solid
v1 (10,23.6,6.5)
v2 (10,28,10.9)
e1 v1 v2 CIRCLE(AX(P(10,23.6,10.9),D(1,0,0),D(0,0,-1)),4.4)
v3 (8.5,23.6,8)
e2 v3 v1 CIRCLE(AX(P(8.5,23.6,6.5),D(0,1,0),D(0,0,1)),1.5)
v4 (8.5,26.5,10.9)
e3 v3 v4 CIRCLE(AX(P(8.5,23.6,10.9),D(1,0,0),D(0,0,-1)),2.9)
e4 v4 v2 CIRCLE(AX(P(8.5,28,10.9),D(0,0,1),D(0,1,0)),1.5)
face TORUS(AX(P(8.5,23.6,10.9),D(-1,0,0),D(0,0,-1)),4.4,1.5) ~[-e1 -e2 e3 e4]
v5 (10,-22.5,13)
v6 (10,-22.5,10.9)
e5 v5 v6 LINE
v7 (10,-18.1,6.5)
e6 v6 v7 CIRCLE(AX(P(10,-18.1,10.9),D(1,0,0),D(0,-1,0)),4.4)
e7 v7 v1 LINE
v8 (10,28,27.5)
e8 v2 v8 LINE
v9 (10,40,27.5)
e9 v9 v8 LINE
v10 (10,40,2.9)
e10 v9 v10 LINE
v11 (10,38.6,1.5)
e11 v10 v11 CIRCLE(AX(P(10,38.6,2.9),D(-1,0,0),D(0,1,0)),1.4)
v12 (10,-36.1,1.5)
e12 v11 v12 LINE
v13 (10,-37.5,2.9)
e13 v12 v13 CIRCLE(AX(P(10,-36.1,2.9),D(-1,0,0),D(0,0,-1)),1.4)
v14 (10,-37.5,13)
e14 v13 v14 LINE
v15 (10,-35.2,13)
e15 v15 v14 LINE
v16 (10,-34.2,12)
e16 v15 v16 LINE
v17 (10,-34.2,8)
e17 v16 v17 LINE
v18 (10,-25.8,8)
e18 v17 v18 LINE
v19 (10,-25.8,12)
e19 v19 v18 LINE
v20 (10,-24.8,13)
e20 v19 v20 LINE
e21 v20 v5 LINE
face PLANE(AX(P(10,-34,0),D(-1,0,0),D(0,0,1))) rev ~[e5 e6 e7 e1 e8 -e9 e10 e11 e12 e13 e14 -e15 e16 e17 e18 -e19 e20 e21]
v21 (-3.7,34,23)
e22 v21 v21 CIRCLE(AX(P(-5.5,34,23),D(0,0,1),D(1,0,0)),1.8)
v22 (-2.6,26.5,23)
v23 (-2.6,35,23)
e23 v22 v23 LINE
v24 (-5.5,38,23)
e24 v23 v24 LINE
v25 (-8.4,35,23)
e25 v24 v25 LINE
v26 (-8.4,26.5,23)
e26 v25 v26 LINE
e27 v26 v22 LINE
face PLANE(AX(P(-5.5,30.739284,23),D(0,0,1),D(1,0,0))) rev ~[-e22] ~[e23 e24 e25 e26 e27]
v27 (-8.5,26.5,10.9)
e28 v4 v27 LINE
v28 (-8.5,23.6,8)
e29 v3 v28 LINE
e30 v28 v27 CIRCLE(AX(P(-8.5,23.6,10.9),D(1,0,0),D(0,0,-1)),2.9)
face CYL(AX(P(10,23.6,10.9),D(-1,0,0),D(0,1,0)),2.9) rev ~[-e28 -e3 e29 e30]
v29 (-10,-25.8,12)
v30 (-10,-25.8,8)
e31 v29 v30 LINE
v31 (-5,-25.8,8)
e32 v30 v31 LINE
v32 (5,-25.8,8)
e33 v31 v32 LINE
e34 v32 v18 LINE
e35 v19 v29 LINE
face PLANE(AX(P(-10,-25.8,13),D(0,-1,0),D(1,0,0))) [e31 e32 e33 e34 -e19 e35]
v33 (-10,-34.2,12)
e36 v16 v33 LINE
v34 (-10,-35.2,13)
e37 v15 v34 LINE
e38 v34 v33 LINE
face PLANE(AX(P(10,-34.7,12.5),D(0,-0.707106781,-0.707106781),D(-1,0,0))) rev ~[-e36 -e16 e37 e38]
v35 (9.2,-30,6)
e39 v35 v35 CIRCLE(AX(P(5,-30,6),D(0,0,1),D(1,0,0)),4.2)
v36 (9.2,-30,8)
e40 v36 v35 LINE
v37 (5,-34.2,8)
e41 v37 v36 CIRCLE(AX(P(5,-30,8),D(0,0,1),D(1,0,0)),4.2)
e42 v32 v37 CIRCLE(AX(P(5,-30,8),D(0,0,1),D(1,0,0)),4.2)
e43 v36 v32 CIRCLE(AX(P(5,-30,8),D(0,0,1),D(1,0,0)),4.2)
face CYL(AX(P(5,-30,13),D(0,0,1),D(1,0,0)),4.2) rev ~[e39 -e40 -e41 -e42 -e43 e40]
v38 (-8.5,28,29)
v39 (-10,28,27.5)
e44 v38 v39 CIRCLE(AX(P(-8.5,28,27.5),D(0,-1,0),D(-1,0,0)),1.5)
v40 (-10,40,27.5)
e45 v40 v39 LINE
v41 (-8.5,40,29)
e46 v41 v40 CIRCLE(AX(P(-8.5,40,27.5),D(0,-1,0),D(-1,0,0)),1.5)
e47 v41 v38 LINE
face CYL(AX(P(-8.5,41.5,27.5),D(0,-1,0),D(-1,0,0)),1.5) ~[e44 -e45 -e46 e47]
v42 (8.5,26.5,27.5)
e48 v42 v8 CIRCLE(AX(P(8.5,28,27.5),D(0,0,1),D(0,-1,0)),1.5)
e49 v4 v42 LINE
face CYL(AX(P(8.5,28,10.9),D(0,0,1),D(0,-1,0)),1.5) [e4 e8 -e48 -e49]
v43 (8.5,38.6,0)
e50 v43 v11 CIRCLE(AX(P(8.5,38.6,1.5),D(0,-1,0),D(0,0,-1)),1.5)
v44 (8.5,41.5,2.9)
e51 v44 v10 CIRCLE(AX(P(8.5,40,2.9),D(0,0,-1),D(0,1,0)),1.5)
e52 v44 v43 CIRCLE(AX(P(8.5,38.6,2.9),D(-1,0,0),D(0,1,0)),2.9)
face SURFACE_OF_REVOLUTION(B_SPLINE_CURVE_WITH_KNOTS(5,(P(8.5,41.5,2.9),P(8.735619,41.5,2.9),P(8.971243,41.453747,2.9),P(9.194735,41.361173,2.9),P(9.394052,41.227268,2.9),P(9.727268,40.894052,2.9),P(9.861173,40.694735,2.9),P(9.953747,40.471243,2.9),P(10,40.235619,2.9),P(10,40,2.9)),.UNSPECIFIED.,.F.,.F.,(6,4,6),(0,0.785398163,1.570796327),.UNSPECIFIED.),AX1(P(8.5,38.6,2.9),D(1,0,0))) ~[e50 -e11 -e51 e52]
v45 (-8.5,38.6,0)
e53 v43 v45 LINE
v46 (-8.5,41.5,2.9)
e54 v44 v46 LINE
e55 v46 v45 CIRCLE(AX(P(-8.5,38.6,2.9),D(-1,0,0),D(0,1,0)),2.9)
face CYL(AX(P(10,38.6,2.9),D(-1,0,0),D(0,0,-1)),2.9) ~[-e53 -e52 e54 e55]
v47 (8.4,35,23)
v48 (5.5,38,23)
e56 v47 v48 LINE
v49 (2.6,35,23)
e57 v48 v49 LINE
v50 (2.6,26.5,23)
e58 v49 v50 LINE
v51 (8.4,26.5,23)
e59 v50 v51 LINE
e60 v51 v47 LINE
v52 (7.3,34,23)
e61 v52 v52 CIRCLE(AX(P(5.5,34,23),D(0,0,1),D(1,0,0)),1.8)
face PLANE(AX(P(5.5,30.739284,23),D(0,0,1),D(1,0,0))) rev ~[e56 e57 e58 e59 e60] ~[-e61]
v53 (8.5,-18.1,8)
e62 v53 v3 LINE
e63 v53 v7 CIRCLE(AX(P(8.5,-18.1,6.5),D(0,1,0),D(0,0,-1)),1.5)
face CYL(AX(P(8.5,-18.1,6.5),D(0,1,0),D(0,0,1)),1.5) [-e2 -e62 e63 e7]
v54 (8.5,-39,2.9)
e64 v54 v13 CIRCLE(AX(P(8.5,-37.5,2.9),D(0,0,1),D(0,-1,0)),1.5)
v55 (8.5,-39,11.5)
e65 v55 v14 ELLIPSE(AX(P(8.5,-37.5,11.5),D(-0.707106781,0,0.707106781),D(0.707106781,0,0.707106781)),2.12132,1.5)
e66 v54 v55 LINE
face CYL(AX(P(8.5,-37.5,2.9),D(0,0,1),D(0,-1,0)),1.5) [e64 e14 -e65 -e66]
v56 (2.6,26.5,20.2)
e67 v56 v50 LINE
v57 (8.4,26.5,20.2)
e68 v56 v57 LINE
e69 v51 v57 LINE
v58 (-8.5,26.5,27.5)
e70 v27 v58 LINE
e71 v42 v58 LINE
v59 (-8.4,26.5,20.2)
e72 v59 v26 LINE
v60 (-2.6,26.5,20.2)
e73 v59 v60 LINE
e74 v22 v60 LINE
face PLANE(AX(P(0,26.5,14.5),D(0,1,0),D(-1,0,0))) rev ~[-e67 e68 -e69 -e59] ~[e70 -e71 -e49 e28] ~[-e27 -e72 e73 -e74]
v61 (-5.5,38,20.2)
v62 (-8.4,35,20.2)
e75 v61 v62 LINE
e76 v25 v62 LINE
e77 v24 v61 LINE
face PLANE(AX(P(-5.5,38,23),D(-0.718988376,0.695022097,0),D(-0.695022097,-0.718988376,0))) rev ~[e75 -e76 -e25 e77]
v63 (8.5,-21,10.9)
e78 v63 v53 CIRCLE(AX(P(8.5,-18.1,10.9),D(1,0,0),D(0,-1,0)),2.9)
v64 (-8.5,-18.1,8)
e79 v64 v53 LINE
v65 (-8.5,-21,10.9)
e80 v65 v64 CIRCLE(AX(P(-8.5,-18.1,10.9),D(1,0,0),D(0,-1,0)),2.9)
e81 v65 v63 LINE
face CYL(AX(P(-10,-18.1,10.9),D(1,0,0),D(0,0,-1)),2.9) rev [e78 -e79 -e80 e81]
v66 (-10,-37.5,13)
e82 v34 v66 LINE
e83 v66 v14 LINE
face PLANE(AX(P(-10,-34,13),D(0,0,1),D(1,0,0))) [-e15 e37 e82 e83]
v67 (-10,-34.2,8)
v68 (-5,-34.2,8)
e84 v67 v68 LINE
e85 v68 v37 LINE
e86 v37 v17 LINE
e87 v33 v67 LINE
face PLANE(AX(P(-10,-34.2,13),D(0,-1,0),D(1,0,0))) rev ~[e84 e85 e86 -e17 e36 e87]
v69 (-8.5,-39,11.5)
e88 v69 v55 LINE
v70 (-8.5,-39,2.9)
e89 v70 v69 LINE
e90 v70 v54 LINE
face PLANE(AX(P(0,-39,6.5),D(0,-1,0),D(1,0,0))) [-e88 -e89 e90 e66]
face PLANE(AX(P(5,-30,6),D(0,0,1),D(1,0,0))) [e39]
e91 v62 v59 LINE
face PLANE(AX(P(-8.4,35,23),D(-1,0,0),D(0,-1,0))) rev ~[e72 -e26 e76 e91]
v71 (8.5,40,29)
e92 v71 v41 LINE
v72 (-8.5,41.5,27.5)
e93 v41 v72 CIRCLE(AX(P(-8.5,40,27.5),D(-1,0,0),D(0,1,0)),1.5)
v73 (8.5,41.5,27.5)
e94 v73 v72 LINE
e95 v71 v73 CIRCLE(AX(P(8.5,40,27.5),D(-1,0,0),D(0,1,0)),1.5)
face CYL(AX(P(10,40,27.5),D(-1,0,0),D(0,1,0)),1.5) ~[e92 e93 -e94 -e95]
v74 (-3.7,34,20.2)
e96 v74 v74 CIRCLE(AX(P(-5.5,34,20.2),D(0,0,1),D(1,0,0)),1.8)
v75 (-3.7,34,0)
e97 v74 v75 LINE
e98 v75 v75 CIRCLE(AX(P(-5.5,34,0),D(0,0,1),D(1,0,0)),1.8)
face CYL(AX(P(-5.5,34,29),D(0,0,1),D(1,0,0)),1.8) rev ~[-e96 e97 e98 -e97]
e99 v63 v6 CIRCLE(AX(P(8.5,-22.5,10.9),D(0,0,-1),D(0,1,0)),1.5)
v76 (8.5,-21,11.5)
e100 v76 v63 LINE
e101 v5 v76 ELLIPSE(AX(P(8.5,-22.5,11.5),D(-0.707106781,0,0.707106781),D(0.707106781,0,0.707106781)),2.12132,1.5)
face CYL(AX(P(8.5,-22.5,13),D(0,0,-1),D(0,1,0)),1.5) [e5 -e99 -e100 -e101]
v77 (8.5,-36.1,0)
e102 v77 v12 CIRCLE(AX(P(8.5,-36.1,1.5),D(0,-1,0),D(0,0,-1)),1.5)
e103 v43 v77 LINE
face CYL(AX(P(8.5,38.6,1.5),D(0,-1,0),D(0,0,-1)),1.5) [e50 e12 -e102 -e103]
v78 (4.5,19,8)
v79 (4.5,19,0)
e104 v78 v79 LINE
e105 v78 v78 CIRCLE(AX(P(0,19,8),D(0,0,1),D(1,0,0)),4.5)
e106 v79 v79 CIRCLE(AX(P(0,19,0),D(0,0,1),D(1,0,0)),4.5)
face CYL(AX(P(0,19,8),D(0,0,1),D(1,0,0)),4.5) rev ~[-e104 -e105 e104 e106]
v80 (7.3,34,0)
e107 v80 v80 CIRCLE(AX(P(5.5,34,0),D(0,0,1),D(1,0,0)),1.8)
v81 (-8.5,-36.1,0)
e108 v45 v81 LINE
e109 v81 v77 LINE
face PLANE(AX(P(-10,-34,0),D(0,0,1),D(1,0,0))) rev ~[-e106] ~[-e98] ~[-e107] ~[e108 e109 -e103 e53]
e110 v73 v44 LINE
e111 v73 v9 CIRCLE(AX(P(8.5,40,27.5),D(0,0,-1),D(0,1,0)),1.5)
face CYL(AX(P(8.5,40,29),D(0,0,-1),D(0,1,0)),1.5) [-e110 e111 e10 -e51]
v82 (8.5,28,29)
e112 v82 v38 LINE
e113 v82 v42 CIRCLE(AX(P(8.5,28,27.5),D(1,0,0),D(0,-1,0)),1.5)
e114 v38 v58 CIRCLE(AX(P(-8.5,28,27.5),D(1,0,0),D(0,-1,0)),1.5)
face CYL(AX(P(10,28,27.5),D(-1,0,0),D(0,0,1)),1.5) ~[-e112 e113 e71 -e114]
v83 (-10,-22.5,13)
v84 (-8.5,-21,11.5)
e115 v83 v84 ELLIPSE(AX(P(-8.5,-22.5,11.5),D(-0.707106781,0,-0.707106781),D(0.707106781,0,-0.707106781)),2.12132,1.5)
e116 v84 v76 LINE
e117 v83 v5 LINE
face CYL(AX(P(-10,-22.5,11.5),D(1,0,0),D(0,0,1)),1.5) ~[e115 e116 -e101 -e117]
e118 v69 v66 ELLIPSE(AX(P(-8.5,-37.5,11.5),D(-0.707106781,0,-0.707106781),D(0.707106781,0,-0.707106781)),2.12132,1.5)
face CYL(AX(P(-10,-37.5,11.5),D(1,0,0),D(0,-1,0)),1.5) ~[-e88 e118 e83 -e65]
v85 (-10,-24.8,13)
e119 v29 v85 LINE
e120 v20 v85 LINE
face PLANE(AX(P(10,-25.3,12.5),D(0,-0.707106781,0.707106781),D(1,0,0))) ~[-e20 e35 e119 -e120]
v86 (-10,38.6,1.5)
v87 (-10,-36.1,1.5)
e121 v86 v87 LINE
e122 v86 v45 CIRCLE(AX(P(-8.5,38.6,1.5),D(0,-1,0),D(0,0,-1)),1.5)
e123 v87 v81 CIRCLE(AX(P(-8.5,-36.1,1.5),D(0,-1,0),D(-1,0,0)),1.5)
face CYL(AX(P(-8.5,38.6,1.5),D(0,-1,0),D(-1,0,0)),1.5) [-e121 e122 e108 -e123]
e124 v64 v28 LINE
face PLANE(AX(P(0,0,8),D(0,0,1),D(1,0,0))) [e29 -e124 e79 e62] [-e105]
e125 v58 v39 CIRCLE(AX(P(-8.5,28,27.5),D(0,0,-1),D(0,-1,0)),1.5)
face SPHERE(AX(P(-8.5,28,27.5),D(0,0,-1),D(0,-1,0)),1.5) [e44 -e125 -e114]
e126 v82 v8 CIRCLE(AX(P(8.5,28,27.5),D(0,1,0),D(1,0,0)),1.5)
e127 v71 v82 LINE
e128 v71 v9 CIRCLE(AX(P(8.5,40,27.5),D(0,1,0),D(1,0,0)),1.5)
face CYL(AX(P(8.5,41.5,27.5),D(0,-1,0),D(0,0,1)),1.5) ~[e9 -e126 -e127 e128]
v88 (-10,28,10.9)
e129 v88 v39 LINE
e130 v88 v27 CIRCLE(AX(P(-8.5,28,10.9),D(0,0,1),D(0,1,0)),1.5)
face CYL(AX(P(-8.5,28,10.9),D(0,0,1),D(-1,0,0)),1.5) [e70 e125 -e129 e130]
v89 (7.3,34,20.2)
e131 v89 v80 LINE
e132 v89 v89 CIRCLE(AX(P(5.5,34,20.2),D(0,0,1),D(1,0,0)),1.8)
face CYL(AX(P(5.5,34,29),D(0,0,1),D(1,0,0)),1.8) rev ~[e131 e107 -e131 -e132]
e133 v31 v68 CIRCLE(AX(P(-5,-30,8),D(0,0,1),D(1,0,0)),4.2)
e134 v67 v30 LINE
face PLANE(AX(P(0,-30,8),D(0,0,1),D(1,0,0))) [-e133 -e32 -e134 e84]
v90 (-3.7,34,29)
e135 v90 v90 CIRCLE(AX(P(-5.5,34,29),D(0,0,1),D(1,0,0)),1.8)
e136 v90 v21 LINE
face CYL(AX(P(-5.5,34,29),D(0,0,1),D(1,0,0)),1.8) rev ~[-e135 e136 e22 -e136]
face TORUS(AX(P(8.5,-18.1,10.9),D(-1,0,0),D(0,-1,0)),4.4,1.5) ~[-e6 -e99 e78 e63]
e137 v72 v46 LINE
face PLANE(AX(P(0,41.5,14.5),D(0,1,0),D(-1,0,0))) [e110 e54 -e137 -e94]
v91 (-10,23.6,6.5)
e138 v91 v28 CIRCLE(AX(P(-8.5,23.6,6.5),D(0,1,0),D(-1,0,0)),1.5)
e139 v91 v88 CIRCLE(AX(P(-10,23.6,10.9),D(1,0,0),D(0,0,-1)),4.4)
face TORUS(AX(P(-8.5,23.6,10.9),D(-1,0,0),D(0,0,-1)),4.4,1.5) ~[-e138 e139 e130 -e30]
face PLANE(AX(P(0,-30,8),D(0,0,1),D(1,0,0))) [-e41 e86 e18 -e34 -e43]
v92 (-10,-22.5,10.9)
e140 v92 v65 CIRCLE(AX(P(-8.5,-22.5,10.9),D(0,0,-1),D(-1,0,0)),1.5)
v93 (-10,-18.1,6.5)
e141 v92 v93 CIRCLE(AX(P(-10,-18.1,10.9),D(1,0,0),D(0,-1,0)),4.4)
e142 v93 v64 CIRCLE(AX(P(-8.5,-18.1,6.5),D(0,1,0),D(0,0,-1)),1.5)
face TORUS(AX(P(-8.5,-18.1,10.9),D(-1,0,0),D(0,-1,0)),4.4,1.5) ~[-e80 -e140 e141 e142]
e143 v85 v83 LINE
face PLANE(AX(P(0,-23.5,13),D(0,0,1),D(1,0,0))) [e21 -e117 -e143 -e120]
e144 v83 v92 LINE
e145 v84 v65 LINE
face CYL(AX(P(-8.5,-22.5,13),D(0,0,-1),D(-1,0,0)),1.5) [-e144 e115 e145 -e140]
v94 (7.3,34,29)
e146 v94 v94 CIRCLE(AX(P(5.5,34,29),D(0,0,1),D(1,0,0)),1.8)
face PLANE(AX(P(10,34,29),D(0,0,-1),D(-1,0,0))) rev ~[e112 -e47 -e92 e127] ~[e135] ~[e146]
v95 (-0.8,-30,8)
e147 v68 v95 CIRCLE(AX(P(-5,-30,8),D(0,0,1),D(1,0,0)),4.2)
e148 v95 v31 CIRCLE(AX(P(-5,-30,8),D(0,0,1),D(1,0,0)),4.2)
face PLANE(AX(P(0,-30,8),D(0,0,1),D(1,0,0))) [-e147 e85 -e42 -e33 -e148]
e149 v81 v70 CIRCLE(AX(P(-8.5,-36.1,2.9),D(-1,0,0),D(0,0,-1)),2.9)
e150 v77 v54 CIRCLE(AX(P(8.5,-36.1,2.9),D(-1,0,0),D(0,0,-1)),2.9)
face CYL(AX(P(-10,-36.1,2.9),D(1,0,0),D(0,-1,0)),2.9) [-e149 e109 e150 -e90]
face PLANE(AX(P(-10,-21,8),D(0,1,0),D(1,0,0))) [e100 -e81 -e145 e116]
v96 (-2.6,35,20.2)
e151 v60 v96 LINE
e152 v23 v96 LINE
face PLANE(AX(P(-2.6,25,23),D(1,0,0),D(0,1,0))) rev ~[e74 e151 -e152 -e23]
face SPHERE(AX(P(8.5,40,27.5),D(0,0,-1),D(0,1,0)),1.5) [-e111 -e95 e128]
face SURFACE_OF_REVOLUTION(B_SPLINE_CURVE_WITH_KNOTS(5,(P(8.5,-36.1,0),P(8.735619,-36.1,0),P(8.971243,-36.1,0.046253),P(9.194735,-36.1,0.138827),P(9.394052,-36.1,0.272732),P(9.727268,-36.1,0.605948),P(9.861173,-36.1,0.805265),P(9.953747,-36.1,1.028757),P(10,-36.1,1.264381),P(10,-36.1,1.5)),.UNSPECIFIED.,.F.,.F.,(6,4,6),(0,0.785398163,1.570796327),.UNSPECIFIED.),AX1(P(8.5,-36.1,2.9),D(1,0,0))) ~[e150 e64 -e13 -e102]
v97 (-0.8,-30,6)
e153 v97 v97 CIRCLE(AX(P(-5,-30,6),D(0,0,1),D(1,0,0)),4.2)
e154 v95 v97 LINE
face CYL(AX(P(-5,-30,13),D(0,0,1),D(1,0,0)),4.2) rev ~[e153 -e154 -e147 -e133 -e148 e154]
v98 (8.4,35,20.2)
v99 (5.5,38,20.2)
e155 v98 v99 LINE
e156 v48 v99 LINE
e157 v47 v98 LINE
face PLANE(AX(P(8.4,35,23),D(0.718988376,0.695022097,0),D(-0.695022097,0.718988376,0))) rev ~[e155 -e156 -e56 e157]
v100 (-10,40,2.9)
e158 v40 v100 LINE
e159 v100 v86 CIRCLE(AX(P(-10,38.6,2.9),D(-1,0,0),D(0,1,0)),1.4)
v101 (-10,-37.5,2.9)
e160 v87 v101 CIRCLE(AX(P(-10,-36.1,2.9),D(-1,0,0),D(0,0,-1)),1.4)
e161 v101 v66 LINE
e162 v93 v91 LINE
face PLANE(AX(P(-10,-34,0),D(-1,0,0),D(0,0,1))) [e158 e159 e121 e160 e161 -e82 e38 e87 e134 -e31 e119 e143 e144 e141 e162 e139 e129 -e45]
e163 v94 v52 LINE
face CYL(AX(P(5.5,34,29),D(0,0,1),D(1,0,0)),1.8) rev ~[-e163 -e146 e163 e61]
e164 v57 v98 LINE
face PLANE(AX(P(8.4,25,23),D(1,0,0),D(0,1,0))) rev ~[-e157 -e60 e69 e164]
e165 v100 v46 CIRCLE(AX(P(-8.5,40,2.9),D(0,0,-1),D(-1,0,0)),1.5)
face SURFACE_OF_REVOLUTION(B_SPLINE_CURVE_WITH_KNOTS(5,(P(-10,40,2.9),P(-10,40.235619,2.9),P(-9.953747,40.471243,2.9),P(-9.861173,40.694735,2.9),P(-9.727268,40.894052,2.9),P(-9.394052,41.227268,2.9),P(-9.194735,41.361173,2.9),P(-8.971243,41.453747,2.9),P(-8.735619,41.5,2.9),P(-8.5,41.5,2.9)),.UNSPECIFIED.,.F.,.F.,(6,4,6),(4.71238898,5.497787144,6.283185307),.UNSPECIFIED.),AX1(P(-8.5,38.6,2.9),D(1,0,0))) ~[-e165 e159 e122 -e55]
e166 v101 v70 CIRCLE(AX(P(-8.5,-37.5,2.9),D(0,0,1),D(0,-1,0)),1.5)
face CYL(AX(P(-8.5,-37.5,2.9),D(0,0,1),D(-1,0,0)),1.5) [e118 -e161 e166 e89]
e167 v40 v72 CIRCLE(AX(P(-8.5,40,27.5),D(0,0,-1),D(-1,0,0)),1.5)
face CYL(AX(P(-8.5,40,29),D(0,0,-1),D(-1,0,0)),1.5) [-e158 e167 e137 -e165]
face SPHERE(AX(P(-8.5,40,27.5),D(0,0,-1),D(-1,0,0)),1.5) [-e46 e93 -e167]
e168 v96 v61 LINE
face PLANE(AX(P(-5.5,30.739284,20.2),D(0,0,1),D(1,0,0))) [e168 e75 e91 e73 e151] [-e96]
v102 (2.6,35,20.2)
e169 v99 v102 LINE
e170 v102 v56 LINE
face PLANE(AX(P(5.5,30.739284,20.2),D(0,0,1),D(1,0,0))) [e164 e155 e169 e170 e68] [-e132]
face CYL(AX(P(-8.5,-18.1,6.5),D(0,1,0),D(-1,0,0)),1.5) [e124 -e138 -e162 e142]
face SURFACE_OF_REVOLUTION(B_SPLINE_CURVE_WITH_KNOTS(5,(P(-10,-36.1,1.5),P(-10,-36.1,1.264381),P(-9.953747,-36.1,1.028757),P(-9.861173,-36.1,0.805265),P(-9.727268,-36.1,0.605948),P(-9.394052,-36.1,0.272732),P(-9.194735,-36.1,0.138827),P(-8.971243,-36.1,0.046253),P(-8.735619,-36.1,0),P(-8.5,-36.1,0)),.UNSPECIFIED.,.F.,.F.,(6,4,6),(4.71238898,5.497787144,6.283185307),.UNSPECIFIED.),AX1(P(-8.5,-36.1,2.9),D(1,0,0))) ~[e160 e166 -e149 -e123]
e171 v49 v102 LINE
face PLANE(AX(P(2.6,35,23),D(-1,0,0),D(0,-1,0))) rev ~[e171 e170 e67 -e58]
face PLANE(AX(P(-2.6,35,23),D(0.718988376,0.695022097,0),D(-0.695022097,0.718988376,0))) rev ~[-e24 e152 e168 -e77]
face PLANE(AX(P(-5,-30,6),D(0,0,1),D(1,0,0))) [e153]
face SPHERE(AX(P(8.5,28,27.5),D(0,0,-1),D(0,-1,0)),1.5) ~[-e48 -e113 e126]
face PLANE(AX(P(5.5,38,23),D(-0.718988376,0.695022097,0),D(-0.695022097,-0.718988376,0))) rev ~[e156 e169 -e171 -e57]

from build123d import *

# Parameters (mm, degrees)
PAD003_DEPTH    = 2.8
SKETCH_W        = 20
SKETCH_H        = 68
PAD_DEPTH       = 8
SKETCH276_W     = 20
SKETCH276_H     = 5
PAD001_DEPTH    = 5
SKETCH342_W     = 20
SKETCH342_H     = 29
PAD002_DEPTH    = 7.5
SKETCH343_R     = 1.8
POCKET_DEPTH    = 29.001
SKETCH347_W     = 20
SKETCH347_H     = 13
PAD004_DEPTH    = 5
SKETCH348_W     = 20
SKETCH348_H     = 8.4
POCKET001_DEPTH = 5
SKETCH345_R     = 4.2
POCKET002_DEPTH = 7
SKETCH346_R     = 4.5
POCKET003_DEPTH = 8.001
CHAMFER_SIZE    = 1
FILLET_R        = 2.9
FILLET001_R     = 1.5


with BuildPart() as pad003:
    # Sketch344 → Pad003 (new body)
    with BuildSketch(Plane.XY.offset(23)):
        Polygon((-8.4, 25), (-2.6, 25), (-2.6, 35), (-5.5, 38), (-8.4, 35), align=None)
        Polygon((2.6, 25), (8.4, 25), (8.4, 35), (5.5, 38), (2.6, 35), align=None)
    extrude(amount=-PAD003_DEPTH)


with BuildPart() as fillet001:
    # Sketch → Pad (new body)
    with BuildSketch(Plane.XY):
        Rectangle(SKETCH_W, SKETCH_H)
    extrude(amount=PAD_DEPTH)

    # Sketch276 → Pad001 (new body)
    with BuildSketch(Plane.XY.offset(8)):
        with Locations((0, -23.5)):
            Rectangle(SKETCH276_W, SKETCH276_H)
    extrude(amount=PAD001_DEPTH)

    # Sketch342 → Pad002 (new body, symmetric)
    with BuildSketch(Plane(origin=(0, 34, 0), x_dir=(-1, 0, 0), z_dir=(0, 1, 0))):
        with Locations((0, 14.5)):
            Rectangle(SKETCH342_W, SKETCH342_H)
    extrude(amount=PAD002_DEPTH, both=True)

    # Sketch343 → Pocket (cut, through all)
    with BuildSketch(Plane.XY.offset(29)):
        with Locations((-5.5, 34)):
            Circle(SKETCH343_R)
        with Locations((5.5, 34)):
            Circle(SKETCH343_R)
    extrude(amount=-POCKET_DEPTH, mode=Mode.SUBTRACT)

    # Cut: cut Pad003
    add(pad003.part, mode=Mode.SUBTRACT)

    # Sketch347 → Pad004 (new body)
    with BuildSketch(Plane.XZ.offset(34)):
        with Locations((0, 6.5)):
            Rectangle(SKETCH347_W, SKETCH347_H)
    extrude(amount=PAD004_DEPTH)

    # Sketch348 → Pocket001 (cut)
    with BuildSketch(Plane.XY.offset(13)):
        with Locations((0, -30)):
            Rectangle(SKETCH348_W, SKETCH348_H)
    extrude(amount=-POCKET001_DEPTH, mode=Mode.SUBTRACT)

    # Sketch345 → Pocket002 (cut)
    with BuildSketch(Plane.XY.offset(13)):
        with Locations((-5, -30)):
            Circle(SKETCH345_R)
        with Locations((5, -30)):
            Circle(SKETCH345_R)
    extrude(amount=-POCKET002_DEPTH, mode=Mode.SUBTRACT)

    # Sketch346 → Pocket003 (cut, through all)
    with BuildSketch(Plane.XY.offset(8)):
        with Locations((0, 19)):
            Circle(SKETCH346_R)
    extrude(amount=-POCKET003_DEPTH, mode=Mode.SUBTRACT)

    # Chamfer
    chamfer_edges = [fillet001.edges().sort_by_distance(p)[0] for p in [
        (0, -25.8, 13),
        (0, -34.2, 13),
    ]]
    chamfer(chamfer_edges, length=CHAMFER_SIZE)

    # Fillet
    fillet_edges = [fillet001.edges().sort_by_distance(p)[0] for p in [
        (0, 26.5, 8),
        (0, 41.5, 0),
        (0, -39, 0),
        (0, -21, 8),
    ]]
    fillet(fillet_edges, radius=FILLET_R)

    # Fillet001
    fillet001_edges = [fillet001.edges().sort_by_distance(p)[0] for p in [
        (0, -39, 13),
        (-10, -39, 7.95),
        (10, -39, 7.95),
        (0, -21, 13),
        (-10, 1.25, 0),
        (-10, 41.5, 15.95),
        (-10, 26.5, 19.95),
        (-10, 2.75, 8),
        (10, 2.75, 8),
        (0, 26.5, 29),
        (-10, 34, 29),
        (0, 41.5, 29),
        (10, 41.5, 15.95),
        (10, 34, 29),
        (10, 1.25, 0),
    ]]
    fillet(fillet001_edges, radius=FILLET001_R)


solid = fillet001.part
